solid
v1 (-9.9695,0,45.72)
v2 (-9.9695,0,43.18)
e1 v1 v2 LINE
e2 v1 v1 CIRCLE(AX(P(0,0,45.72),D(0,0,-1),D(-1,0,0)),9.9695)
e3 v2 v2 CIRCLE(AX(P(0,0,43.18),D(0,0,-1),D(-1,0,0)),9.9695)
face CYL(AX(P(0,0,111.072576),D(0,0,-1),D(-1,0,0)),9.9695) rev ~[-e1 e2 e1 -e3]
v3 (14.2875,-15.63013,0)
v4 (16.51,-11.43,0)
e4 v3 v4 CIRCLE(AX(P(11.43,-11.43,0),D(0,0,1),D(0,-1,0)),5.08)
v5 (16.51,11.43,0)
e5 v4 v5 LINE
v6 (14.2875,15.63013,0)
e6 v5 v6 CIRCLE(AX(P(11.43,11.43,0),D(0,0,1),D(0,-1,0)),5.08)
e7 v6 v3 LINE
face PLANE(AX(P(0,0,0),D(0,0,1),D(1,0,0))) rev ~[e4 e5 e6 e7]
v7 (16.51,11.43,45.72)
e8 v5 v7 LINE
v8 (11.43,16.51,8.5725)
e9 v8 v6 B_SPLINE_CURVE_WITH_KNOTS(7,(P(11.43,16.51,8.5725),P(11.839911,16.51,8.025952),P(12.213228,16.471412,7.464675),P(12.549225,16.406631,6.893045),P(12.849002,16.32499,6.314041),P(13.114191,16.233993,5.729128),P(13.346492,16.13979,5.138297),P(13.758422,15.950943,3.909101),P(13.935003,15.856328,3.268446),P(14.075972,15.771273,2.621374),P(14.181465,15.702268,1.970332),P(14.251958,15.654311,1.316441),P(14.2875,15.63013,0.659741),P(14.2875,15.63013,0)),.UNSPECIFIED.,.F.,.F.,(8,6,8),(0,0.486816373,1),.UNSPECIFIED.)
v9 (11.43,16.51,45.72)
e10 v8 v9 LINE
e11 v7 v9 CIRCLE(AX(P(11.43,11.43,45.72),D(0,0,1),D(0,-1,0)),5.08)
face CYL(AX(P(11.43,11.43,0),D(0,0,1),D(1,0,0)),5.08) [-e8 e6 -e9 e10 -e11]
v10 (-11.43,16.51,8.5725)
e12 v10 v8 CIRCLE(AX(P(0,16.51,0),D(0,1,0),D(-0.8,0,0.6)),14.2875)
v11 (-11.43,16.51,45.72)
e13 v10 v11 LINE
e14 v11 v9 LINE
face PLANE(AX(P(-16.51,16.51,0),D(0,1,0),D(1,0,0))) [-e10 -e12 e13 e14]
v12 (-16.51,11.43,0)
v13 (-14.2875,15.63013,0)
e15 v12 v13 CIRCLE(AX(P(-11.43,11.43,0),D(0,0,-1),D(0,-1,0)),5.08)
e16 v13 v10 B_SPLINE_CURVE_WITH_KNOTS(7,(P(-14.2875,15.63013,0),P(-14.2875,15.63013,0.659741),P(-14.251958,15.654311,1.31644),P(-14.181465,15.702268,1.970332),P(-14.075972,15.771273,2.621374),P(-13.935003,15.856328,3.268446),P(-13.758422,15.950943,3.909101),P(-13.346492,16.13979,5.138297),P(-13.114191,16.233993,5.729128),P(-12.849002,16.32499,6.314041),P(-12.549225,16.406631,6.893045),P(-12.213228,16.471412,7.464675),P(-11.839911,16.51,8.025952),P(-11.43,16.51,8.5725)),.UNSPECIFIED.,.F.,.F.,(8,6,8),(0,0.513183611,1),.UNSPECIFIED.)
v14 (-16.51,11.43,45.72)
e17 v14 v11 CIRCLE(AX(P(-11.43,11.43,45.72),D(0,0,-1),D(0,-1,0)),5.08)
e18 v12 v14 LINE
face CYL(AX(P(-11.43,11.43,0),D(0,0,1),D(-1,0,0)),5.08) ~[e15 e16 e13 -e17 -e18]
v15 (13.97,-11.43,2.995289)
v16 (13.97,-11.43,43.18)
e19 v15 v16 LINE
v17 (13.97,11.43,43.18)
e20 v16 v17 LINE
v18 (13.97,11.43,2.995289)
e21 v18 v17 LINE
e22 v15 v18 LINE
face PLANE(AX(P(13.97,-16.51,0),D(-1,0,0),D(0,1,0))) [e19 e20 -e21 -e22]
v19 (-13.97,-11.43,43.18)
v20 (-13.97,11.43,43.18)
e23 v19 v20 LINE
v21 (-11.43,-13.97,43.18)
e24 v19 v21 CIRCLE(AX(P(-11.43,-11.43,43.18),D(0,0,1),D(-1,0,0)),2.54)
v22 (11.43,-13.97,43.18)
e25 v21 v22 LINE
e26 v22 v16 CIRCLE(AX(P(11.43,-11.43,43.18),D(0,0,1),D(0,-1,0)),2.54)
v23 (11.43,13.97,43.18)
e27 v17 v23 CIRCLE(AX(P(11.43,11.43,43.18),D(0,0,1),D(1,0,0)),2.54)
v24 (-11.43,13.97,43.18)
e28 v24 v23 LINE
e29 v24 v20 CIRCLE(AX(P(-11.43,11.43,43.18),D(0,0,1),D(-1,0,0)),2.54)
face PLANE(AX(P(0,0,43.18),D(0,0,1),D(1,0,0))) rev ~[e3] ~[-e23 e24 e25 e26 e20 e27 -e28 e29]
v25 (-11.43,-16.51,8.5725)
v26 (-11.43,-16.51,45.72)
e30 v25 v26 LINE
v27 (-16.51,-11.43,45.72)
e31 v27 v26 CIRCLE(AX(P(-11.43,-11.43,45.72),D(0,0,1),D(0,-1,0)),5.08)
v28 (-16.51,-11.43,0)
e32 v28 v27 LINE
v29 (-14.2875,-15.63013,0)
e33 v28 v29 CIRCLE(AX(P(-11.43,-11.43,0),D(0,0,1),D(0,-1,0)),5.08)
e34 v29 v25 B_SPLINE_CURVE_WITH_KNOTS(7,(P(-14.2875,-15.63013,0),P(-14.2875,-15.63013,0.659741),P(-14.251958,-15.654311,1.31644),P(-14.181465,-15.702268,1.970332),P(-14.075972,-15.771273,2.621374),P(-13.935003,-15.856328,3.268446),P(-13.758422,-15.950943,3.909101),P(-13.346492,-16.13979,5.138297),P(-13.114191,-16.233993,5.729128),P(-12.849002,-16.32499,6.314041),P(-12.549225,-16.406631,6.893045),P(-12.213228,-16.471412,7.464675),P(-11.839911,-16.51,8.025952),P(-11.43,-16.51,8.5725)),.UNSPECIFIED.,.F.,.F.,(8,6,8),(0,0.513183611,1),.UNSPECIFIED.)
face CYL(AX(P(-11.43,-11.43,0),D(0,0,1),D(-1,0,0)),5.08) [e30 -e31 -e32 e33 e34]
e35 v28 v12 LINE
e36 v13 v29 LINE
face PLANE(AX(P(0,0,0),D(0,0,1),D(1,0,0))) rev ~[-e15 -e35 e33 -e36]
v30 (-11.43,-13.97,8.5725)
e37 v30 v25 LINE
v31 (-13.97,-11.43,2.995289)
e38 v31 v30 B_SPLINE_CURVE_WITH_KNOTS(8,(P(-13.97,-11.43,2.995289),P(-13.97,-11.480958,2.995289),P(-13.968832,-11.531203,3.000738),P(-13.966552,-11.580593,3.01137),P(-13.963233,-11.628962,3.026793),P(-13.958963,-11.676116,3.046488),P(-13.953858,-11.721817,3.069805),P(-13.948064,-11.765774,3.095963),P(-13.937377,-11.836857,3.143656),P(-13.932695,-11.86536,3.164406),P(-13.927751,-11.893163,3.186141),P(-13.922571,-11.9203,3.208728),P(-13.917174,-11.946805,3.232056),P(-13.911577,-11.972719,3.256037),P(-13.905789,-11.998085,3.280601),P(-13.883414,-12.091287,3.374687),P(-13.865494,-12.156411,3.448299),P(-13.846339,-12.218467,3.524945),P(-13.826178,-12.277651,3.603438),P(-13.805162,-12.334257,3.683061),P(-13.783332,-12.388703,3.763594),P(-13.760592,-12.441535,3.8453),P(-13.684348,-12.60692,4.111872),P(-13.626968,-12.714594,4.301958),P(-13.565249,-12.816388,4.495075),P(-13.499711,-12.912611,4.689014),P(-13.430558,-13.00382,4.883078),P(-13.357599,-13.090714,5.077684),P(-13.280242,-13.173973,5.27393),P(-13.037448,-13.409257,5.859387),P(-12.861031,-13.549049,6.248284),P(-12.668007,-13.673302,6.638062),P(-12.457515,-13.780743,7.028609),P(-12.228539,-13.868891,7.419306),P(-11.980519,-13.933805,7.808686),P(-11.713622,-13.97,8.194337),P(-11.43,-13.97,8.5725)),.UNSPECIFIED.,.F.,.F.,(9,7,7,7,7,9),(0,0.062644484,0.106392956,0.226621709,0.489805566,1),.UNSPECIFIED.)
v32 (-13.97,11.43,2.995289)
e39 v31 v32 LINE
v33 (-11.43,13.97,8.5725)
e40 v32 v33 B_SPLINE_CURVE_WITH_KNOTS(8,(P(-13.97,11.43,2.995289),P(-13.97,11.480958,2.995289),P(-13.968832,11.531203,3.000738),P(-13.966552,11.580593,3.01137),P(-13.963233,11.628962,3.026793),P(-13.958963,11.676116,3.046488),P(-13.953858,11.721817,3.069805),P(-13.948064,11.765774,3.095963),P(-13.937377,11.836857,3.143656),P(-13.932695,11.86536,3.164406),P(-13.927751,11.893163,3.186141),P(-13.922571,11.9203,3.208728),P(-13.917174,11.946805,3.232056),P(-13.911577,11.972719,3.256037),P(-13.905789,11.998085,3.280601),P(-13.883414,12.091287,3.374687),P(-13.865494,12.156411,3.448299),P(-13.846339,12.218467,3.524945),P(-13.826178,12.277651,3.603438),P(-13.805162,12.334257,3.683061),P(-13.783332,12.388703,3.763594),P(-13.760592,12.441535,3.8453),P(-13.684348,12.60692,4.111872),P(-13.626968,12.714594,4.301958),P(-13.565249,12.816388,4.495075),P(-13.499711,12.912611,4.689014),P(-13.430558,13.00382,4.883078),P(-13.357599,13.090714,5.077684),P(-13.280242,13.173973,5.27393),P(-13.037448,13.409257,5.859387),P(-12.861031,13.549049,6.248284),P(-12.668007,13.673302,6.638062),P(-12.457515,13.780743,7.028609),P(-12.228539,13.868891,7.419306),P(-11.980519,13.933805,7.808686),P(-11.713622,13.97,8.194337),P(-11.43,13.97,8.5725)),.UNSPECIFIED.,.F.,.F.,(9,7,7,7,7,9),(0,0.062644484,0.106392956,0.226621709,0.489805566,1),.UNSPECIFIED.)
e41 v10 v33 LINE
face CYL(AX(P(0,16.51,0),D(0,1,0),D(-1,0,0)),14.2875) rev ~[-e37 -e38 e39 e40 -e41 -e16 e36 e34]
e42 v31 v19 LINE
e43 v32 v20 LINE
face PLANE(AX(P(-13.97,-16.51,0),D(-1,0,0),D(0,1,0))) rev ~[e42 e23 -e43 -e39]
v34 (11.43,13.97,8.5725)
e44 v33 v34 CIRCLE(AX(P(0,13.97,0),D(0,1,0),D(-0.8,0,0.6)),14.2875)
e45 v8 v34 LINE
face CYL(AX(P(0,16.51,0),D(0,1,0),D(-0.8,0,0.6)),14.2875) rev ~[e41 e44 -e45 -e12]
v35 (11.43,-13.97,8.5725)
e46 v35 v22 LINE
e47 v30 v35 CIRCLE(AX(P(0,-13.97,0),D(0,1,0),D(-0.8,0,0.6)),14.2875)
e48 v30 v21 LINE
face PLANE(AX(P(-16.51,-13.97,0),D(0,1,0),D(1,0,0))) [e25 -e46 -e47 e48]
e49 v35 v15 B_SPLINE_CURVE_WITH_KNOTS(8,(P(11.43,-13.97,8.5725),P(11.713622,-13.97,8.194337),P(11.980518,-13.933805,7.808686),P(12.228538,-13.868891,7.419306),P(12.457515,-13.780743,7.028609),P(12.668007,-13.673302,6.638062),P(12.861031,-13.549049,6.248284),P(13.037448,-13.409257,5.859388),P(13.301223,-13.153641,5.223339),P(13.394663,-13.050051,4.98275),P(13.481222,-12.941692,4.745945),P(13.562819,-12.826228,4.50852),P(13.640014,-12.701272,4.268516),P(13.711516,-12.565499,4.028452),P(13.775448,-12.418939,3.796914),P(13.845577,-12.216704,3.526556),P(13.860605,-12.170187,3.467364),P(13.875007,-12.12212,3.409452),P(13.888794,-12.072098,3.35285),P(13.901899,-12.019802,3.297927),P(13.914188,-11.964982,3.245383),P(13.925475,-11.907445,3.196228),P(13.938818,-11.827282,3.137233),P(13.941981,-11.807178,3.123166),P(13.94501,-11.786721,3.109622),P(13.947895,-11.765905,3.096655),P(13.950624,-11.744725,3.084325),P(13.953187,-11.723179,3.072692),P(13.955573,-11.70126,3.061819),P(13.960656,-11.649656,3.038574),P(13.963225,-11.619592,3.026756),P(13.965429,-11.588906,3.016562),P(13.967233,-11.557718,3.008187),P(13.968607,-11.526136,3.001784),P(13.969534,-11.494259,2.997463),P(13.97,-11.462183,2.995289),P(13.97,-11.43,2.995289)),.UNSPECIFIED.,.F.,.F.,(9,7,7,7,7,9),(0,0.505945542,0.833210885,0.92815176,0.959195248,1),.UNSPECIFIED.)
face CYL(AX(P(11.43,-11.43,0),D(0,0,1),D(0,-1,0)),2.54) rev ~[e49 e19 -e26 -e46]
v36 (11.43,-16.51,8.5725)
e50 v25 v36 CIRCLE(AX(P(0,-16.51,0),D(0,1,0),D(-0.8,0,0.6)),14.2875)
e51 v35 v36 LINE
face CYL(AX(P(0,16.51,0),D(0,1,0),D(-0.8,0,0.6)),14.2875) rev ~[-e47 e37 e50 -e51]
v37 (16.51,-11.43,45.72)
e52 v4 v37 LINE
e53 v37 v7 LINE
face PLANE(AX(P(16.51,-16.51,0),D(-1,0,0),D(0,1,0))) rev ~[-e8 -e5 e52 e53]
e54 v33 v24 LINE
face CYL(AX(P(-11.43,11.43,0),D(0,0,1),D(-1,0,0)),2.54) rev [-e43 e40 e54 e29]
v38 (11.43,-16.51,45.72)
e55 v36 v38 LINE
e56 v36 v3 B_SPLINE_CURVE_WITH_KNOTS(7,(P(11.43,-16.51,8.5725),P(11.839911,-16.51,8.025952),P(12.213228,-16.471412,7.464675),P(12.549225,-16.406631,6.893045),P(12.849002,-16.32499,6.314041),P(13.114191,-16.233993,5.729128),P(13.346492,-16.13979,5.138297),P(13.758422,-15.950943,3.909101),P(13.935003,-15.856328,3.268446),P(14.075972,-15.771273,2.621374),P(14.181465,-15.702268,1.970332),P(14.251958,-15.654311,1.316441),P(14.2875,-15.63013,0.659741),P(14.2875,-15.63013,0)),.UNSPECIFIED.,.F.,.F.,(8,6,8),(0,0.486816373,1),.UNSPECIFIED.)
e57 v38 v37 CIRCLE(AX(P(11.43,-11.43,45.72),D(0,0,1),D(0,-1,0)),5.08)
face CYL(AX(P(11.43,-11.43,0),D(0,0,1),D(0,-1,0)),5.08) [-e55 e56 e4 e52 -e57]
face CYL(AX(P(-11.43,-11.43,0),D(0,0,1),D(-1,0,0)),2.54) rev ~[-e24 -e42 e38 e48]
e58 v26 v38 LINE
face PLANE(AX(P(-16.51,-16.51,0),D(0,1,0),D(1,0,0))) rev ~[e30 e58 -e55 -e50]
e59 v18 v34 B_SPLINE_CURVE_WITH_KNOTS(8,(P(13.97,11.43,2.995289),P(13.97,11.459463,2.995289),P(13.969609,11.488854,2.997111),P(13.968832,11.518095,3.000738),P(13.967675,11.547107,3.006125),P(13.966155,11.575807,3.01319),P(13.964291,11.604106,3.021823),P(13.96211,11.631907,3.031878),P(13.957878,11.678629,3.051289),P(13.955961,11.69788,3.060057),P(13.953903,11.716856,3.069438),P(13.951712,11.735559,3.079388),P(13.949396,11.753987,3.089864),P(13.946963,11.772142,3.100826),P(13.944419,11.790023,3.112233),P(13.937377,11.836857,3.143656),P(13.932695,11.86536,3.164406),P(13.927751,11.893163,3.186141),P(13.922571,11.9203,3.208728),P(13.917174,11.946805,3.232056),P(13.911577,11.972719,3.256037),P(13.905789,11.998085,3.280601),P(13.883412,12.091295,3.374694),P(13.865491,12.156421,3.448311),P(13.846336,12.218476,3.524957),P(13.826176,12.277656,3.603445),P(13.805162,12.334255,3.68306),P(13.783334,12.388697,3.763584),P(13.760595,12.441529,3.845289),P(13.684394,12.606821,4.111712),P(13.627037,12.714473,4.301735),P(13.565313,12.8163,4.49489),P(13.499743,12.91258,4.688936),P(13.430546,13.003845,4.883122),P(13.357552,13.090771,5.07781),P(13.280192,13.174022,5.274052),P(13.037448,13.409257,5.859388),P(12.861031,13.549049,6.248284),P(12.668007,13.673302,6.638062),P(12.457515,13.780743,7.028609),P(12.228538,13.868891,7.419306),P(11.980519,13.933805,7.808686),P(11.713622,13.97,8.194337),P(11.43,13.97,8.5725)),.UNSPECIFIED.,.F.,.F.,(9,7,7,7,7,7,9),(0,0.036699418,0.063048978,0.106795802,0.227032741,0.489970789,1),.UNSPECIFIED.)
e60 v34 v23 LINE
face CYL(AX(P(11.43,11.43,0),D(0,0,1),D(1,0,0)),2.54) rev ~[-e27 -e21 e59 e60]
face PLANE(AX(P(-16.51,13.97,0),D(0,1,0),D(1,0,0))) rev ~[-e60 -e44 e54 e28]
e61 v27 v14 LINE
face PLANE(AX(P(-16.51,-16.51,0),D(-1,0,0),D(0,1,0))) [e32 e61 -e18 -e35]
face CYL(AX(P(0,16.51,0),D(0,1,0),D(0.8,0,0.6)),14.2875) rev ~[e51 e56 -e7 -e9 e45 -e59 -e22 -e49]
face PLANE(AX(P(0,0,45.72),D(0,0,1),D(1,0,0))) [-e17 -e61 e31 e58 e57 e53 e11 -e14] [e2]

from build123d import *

# Parameters (mm, degrees)
F0_W     = 33.02
F0_H     = 33.02
F0_R     = 9.9695
F1_DEPTH = 45.72
F2_R     = 5.08
F3_T     = -2.54
F5_D     = 19.939
F7_DEPTH = 33.021


with BuildPart() as f1:
    # F0 (on Top) → F1 (new body)
    with BuildSketch(Plane.XY):
        Rectangle(F0_W, F0_H)
        Circle(F0_R, mode=Mode.SUBTRACT)
        Circle(F0_R)
    extrude(amount=F1_DEPTH)

    # F2
    f2_edges = [f1.edges().sort_by_distance(p)[0] for p in [
        (-16.51, -16.51, 22.86),
        (16.51, -16.51, 22.86),
        (16.51, 16.51, 22.86),
        (-16.51, 16.51, 22.86),
    ]]
    fillet(f2_edges, radius=F2_R)

    # F3
    f3_openings = [f1.faces().sort_by_distance(p)[0] for p in [
        (0, 0, 0),
    ]]
    offset(amount=F3_T, openings=f3_openings)

    # F5 (through all)
    with Locations(Plane.XY.offset(45.72)):
        with Locations((0, 0)):
            Hole(F5_D / 2)

    # F6 (on face) → F7 (cut, through all)
    with BuildSketch(Plane(origin=(0, 16.51, 0), x_dir=(-1, 0, 0), z_dir=(0, 1, 0))):
        with BuildLine():
            Line((11.43, 0), (14.2875, 0))
            ThreePointArc((14.2875, 0), (13.5543126209, 4.518104207), (11.43, 8.5725))
            Line((11.43, 8.5725), (11.43, 0))
        make_face()
        with BuildLine():
            Line((-11.43, 0), (-11.43, 8.5725))
            ThreePointArc((-11.43, 8.5725), (-13.5543126209, 4.518104207), (-14.2875, 0))
            Line((-14.2875, 0), (-11.43, 0))
        make_face()
        with BuildLine():
            Line((11.43, 0), (11.43, 8.5725))
            ThreePointArc((11.43, 8.5725), (0, 14.2875), (-11.43, 8.5725))
            Line((-11.43, 8.5725), (-11.43, 0))
            Line((-11.43, 0), (11.43, 0))
        make_face()
    extrude(amount=-F7_DEPTH, mode=Mode.SUBTRACT)


solid = f1.part
